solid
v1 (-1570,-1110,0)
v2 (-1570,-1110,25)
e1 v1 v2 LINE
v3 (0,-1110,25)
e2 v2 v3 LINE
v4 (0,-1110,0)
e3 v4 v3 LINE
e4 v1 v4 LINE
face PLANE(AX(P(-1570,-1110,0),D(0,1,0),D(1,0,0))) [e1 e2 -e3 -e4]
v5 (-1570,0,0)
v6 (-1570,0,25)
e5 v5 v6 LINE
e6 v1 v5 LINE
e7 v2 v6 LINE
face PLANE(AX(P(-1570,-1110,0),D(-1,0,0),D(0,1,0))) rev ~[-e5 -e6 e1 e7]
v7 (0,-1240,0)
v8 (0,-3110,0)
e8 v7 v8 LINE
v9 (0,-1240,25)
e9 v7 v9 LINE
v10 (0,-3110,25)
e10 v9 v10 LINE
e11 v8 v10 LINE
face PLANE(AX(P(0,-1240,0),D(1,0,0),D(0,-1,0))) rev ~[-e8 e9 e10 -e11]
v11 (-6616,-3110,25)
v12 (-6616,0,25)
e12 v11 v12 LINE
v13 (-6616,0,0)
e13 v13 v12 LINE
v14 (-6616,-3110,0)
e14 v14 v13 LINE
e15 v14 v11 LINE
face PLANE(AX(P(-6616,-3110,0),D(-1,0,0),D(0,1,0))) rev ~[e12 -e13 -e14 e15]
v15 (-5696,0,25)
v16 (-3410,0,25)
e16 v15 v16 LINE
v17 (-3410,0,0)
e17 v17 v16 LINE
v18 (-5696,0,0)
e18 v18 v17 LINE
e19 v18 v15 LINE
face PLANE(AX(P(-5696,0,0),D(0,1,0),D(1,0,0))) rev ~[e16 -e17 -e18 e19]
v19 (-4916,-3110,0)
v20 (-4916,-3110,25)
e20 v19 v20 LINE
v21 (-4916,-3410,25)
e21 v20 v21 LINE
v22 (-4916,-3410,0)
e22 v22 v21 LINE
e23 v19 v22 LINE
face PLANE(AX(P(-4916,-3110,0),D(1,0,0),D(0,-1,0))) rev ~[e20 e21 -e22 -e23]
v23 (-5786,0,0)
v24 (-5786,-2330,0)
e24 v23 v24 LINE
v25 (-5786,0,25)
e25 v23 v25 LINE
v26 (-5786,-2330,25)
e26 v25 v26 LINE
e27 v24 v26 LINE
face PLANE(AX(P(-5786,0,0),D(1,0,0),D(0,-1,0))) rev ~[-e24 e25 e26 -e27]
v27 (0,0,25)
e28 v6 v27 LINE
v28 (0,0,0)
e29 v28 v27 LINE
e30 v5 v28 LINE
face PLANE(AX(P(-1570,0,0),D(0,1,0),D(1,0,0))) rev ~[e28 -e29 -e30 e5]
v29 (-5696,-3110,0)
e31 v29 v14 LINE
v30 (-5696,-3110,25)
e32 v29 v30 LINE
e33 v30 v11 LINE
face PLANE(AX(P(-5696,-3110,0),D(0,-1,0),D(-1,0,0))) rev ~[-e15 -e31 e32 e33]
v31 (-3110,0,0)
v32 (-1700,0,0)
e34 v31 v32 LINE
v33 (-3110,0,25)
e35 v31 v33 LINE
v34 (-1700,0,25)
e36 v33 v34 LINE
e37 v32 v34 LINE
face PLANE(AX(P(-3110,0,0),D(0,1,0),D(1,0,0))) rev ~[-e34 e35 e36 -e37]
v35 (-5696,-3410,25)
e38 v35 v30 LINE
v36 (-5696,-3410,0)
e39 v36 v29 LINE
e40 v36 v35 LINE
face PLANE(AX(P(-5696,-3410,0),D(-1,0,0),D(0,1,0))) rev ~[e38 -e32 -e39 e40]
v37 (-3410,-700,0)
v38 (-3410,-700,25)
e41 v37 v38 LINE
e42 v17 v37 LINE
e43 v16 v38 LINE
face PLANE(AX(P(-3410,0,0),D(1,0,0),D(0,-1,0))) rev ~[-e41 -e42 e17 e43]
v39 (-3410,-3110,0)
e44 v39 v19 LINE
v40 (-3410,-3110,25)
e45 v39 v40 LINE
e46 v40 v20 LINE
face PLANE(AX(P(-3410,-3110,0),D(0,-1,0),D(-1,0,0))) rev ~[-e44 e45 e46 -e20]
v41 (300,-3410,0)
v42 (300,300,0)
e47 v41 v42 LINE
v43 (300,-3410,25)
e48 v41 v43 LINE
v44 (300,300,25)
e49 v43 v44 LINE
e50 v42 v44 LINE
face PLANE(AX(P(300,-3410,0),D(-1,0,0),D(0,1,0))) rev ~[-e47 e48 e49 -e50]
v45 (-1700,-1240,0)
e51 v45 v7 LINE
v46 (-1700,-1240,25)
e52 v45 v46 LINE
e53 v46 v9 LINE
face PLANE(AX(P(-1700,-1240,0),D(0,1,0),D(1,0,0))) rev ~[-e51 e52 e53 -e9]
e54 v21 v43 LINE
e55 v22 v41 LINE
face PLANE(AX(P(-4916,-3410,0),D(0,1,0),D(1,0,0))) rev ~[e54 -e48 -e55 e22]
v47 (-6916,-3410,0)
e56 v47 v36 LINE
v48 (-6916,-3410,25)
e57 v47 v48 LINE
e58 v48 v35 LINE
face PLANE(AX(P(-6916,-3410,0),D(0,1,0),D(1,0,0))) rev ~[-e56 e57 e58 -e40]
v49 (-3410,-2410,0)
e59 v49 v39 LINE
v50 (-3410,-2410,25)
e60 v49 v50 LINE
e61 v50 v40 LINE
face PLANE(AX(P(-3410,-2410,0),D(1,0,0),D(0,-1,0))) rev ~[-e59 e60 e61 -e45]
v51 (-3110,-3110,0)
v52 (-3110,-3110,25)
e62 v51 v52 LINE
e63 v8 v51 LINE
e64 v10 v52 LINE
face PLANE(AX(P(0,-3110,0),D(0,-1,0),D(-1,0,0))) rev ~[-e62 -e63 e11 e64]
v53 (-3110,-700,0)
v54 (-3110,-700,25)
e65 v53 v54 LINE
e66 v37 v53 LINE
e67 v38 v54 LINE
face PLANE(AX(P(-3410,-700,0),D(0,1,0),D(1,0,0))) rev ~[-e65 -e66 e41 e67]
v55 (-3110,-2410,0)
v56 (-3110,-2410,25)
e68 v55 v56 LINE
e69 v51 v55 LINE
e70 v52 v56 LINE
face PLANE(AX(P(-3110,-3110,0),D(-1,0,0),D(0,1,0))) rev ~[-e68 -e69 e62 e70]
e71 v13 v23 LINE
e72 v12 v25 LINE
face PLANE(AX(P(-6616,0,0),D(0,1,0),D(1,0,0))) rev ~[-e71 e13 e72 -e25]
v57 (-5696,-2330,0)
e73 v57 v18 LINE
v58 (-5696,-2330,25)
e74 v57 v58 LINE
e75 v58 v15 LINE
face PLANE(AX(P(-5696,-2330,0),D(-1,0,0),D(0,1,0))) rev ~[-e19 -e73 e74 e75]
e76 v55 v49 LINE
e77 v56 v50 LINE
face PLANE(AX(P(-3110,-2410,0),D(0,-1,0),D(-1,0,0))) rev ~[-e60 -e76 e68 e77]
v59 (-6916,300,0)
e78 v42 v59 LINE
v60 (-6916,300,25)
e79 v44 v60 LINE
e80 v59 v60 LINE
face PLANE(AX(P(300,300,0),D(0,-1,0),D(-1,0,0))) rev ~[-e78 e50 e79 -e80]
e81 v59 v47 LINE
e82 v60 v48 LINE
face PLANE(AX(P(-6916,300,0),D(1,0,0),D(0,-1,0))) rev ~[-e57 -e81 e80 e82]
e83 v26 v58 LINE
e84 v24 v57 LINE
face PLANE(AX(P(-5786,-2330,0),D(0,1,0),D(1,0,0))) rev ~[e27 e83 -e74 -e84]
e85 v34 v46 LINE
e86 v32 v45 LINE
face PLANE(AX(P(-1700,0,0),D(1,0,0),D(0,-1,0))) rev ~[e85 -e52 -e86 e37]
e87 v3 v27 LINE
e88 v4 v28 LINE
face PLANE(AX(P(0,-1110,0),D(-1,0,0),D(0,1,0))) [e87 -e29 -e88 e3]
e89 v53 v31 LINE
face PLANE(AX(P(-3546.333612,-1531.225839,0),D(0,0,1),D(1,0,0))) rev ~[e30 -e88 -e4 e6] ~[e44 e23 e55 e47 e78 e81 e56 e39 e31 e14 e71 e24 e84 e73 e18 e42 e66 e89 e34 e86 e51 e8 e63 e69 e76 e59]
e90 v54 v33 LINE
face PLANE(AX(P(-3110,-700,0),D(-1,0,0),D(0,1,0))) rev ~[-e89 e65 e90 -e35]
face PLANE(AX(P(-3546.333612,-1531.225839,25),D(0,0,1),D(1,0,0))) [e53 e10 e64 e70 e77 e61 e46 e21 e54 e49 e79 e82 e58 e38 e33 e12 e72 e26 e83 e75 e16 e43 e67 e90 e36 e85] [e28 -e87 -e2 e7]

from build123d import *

# Parameters (mm, degrees)
F0_W     = 1570
F0_H     = 1110
F1_DEPTH = 25


with BuildPart() as f1:
    # F0 (on Top) → F1 (new body)
    with BuildSketch(Plane.XY):
        Polygon((0, -1240), (0, -3110), (-3110, -3110), (-3110, -2410), (-3410, -2410), (-3410, -3110), (-4916, -3110), (-4916, -3410), (300, -3410), (300, 300), (-6916, 300), (-6916, -3410), (-5696, -3410), (-5696, -3110), (-6616, -3110), (-6616, 0), (-5786, 0), (-5786, -2330), (-5696, -2330), (-5696, 0), (-3410, 0), (-3410, -700), (-3110, -700), (-3110, 0), (-1700, 0), (-1700, -1240), align=None)
        with Locations((-785, -555)):
            Rectangle(F0_W, F0_H, mode=Mode.SUBTRACT)
    extrude(amount=F1_DEPTH)


solid = f1.part
